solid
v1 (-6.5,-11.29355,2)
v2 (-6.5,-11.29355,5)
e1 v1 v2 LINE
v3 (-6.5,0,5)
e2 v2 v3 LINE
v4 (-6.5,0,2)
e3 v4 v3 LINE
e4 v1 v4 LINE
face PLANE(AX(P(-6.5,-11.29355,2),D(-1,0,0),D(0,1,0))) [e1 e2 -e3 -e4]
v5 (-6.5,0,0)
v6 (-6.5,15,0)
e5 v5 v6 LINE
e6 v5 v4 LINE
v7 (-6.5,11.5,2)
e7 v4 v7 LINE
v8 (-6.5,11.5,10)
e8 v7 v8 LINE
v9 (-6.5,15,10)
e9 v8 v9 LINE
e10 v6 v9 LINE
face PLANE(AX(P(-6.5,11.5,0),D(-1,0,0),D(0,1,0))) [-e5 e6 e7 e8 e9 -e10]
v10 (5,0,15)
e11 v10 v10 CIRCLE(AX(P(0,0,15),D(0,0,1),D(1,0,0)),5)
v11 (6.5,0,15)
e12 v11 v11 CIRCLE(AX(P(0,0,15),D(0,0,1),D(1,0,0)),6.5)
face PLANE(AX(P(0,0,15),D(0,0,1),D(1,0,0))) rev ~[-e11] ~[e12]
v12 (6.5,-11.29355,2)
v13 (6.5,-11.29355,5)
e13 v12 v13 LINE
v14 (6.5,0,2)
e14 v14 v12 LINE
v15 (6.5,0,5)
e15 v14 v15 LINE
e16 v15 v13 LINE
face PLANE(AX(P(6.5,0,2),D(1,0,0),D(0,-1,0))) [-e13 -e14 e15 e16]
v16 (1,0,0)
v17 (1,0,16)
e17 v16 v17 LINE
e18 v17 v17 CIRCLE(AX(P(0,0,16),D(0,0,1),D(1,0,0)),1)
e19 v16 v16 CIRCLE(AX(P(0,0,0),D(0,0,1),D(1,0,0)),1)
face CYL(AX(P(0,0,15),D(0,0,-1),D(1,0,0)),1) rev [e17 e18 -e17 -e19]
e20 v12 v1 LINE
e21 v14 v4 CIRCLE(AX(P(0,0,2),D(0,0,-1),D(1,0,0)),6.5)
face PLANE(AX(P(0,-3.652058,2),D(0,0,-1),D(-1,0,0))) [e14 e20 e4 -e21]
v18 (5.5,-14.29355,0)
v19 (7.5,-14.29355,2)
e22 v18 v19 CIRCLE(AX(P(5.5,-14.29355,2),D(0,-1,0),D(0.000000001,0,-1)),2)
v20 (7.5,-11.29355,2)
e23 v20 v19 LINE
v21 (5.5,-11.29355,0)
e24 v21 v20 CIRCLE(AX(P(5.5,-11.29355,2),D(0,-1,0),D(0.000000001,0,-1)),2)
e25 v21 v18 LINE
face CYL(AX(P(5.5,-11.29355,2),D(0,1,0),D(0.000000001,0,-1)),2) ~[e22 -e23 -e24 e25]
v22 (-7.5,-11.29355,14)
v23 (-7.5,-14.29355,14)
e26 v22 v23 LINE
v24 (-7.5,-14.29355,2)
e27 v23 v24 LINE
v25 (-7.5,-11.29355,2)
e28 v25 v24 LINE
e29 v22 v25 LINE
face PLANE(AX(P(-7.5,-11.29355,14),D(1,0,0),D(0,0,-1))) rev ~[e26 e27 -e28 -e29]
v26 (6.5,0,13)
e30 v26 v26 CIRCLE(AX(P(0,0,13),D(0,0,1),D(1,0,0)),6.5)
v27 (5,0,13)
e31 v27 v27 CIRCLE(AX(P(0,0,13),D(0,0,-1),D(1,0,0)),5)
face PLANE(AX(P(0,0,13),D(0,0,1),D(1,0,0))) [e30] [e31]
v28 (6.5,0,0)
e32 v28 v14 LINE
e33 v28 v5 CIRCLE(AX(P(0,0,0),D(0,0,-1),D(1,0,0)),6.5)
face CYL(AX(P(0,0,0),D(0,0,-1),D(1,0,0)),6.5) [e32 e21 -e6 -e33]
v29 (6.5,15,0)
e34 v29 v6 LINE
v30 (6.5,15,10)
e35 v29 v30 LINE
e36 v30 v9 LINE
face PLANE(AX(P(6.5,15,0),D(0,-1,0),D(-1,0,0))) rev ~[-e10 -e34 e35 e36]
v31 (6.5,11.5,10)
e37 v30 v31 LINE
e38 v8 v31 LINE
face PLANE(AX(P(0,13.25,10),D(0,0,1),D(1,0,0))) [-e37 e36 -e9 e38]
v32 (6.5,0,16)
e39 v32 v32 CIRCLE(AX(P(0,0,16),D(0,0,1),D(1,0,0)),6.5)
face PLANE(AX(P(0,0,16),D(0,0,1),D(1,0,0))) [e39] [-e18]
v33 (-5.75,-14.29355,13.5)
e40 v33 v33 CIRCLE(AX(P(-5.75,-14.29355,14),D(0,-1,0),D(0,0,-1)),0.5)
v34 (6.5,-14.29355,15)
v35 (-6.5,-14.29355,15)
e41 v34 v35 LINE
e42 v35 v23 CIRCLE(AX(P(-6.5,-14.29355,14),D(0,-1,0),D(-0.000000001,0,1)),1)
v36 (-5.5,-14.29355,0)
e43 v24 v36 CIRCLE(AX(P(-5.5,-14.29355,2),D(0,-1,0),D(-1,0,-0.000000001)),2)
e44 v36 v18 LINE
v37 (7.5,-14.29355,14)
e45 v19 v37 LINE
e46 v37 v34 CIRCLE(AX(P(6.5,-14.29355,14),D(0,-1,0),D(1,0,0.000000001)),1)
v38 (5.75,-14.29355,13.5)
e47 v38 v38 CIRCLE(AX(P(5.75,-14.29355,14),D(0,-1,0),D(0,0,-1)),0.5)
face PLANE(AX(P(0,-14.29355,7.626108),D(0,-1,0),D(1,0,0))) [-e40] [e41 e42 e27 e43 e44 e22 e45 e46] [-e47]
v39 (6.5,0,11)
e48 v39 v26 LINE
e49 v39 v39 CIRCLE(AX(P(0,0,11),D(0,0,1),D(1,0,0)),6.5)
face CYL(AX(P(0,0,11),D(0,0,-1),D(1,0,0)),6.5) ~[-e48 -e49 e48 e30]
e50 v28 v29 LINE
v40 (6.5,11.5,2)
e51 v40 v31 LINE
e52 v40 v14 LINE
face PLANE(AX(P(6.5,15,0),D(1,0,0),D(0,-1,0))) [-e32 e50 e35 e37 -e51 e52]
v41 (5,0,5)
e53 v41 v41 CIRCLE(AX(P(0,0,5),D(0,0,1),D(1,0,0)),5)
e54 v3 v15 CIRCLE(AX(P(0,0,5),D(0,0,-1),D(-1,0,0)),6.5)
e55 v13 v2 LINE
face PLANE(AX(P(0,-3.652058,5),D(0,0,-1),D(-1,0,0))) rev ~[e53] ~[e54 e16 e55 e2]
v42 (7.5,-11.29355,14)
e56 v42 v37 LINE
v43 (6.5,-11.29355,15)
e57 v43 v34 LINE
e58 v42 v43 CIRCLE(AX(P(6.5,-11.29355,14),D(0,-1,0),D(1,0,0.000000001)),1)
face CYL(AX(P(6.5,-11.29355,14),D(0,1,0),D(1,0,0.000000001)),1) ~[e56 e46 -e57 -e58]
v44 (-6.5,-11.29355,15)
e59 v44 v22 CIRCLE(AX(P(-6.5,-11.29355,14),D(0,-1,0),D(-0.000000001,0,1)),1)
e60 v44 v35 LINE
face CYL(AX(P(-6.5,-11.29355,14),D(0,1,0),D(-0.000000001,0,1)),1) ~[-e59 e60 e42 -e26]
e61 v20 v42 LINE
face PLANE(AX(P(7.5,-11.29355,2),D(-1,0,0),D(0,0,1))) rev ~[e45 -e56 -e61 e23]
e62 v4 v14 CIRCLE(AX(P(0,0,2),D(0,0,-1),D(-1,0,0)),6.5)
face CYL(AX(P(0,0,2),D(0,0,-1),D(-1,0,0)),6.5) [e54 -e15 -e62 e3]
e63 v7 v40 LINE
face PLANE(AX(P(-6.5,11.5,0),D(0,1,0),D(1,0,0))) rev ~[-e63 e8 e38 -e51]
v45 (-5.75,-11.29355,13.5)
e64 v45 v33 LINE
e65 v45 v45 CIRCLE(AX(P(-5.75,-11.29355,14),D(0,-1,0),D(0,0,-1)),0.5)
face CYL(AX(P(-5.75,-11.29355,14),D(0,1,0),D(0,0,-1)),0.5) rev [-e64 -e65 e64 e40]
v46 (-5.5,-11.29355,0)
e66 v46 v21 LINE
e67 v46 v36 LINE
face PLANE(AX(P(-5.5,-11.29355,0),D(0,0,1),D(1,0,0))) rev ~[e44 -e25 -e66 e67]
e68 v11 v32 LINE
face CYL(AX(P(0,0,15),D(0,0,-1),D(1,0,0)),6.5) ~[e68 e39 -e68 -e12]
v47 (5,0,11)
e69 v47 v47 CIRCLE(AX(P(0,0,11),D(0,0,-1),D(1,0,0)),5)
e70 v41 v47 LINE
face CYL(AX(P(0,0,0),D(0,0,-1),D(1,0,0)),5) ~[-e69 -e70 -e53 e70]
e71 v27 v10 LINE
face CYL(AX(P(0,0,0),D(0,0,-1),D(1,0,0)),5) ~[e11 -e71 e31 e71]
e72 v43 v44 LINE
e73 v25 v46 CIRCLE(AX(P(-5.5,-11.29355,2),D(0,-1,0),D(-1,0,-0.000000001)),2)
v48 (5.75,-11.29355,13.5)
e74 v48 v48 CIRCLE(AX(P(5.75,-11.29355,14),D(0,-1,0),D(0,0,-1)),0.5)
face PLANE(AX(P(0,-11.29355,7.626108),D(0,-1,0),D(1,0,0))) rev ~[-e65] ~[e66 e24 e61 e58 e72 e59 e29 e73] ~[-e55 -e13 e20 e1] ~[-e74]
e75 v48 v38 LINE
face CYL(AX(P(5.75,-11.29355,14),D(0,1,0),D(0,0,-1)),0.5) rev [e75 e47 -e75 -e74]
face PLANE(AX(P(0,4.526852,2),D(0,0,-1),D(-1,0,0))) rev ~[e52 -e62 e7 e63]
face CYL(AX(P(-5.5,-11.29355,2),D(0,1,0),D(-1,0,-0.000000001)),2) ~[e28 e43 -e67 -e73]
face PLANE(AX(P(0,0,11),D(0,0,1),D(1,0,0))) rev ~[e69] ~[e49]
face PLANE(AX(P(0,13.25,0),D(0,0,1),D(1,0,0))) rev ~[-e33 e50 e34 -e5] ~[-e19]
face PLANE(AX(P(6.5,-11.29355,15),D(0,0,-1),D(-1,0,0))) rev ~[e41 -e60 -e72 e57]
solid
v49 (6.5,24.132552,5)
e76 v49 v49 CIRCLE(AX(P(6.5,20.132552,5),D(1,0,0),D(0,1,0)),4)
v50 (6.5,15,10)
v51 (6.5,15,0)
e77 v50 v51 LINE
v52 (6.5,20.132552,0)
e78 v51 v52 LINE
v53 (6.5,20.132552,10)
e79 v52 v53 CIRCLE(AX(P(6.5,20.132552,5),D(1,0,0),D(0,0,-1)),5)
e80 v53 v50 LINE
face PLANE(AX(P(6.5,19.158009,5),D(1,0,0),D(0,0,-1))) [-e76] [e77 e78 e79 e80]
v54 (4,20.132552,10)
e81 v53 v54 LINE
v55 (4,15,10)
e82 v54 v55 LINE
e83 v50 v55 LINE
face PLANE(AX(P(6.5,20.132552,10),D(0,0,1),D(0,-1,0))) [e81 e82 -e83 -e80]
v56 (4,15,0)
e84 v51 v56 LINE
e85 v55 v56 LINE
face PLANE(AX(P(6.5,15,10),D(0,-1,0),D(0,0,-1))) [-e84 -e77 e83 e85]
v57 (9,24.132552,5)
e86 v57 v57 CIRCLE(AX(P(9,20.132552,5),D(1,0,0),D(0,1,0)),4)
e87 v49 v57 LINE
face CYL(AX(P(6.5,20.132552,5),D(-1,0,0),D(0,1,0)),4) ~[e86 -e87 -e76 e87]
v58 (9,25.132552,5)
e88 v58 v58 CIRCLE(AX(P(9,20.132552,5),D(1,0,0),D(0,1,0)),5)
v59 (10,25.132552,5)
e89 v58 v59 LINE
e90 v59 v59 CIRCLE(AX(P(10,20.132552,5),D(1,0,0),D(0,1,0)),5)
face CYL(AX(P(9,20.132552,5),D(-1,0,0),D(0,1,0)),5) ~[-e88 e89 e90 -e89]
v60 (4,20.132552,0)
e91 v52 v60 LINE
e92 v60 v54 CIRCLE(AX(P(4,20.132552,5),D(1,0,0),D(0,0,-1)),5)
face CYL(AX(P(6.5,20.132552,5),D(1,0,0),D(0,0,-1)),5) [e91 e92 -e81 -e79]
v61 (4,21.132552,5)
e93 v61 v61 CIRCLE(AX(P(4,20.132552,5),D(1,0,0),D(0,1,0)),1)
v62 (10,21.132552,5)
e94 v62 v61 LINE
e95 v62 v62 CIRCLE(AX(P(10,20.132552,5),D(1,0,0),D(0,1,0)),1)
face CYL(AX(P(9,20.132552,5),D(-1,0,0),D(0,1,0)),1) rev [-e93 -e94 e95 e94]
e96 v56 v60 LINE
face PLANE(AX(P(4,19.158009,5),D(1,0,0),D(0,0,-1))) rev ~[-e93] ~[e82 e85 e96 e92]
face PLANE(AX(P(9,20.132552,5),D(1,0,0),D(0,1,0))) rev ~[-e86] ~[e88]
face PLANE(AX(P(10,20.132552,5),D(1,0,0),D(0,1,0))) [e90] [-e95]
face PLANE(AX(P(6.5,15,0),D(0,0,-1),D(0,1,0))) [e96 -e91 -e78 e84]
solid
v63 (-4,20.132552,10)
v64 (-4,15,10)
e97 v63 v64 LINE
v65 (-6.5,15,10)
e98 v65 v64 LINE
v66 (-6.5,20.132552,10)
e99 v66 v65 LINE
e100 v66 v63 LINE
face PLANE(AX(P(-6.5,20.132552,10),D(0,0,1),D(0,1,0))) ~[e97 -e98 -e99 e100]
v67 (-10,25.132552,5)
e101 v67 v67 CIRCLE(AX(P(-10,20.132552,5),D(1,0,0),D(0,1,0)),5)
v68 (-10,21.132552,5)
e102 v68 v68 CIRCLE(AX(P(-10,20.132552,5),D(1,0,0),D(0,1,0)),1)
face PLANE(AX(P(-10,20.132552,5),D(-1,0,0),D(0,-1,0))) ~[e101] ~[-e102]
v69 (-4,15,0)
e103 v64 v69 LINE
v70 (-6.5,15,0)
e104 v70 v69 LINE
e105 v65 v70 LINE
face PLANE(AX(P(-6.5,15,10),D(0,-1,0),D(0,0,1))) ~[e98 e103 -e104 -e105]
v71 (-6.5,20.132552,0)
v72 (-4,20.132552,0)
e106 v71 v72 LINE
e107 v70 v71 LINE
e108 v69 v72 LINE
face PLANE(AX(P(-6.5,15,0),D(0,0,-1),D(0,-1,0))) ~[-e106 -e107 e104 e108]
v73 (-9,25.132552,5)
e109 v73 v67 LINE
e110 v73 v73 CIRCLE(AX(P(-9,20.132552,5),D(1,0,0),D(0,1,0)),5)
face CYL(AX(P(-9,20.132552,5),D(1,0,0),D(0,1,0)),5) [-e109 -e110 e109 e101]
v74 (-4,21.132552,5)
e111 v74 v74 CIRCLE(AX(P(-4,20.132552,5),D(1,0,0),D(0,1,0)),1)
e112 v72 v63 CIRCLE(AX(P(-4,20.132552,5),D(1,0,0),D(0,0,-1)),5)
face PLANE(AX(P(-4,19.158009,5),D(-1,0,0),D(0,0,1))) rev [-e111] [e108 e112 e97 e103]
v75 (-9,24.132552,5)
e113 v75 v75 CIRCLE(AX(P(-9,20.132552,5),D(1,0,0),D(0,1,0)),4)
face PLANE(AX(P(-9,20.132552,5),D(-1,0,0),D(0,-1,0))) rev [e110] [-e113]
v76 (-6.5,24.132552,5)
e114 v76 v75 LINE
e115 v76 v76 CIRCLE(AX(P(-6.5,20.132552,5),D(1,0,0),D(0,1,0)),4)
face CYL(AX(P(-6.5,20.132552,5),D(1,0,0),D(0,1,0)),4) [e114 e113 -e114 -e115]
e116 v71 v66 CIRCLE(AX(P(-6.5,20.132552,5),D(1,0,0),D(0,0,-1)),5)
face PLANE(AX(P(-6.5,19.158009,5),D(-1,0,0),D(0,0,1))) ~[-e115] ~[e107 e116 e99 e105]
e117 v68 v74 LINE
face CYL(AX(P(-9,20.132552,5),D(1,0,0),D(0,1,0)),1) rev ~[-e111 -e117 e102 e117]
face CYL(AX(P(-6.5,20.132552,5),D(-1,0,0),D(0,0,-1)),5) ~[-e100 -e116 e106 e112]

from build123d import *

# Parameters (mm, degrees)
SKETCH4_R            = 5
SKETCH4_R_2          = 1
BOSS_EXTRUDE5_DEPTH  = 15
BOSS_EXTRUDE7_START  = -4
SKETCH5_R            = 6.5
SKETCH5_R_2          = 1
BOSS_EXTRUDE7_DEPTH  = 2
SKETCH7_R            = 6.5
SKETCH7_R_2          = 1
BOSS_EXTRUDE8_DEPTH  = 1
SKETCH8_R            = 1
BOSS_EXTRUDE9_DEPTH  = 2
BOSS_EXTRUDE10_DEPTH = 10
SKETCH10_R           = 1
BOSS_EXTRUDE11_DEPTH = 2.5
SKETCH11_R           = 4
SKETCH11_R_2         = 1
BOSS_EXTRUDE12_DEPTH = 2.5
SKETCH12_R           = 5
SKETCH12_R_2         = 1
BOSS_EXTRUDE13_DEPTH = 1
SKETCH13_R           = 5
BOSS_EXTRUDE14_DEPTH = 3
SKETCH14_R           = 0.5
BOSS_EXTRUDE15_DEPTH = 3


with BuildPart() as part:
    # Sketch4 → Boss-Extrude5 (new body)
    with BuildSketch(Plane.XY):
        Circle(SKETCH4_R)
        Circle(SKETCH4_R_2, mode=Mode.SUBTRACT)
    extrude(amount=BOSS_EXTRUDE5_DEPTH)

    # Sketch5 → Boss-Extrude7 (add)
    with BuildSketch(Plane.XY.offset(15).offset(BOSS_EXTRUDE7_START)):
        Circle(SKETCH5_R)
        Circle(SKETCH5_R_2, mode=Mode.SUBTRACT)
    extrude(amount=BOSS_EXTRUDE7_DEPTH)

    # Sketch7 → Boss-Extrude8 (add)
    with BuildSketch(Plane.XY.offset(15)):
        Circle(SKETCH7_R)
        Circle(SKETCH7_R_2, mode=Mode.SUBTRACT)
    extrude(amount=BOSS_EXTRUDE8_DEPTH)

    # Sketch8 → Boss-Extrude9 (add)
    with BuildSketch(Plane(origin=(0, 0, 0), x_dir=(-1, 0, 0), z_dir=(0, 0, -1))):
        with BuildLine():
            Line((6.5, 0), (6.5, 13))
            Line((6.5, 13), (-6.5, 13))
            Line((-6.5, 13), (-6.5, 0))
            ThreePointArc((-6.5, 0), (0, -6.5), (6.5, 0))
        make_face()
        with Locations(Location((0, 0, 0), (0, 0, 180))):
            Circle(SKETCH8_R, mode=Mode.SUBTRACT)
    extrude(amount=-BOSS_EXTRUDE9_DEPTH)

    # Sketch9 → Boss-Extrude10 (add)
    with BuildSketch(Plane(origin=(0, 0, 0), x_dir=(-1, 0, 0), z_dir=(0, 0, -1))):
        Polygon((-6.5, 13), (-6.5, 15), (6.5, 15), (6.5, 13), (6.5, 11.5), (-6.5, 11.5), align=None)
    extrude(amount=-BOSS_EXTRUDE10_DEPTH)

    # Sketch13 → Boss-Extrude14 (add)
    with BuildSketch(Plane.XY.offset(2)):
        with BuildLine():
            Line((6.5, 0), (6.5, -11.293549967))
            Line((6.5, -11.293549967), (-6.5, -11.293549967))
            Line((-6.5, -11.293549967), (-6.5, 0))
            ThreePointArc((-6.5, 0), (0, 6.5), (6.5, 0))
        make_face()
        Circle(SKETCH13_R, mode=Mode.SUBTRACT)
    extrude(amount=BOSS_EXTRUDE14_DEPTH)

    # Sketch14 → Boss-Extrude15 (add)
    with BuildSketch(Plane.XZ.offset(11.293549967)):
        with BuildLine():
            Line((6.5, 15), (-6.5, 15))
            ThreePointArc((-6.5, 15), (-7.207106781, 14.707106781), (-7.5, 14))
            Line((-7.5, 14), (-7.5, 2))
            ThreePointArc((-7.5, 2), (-6.914213562, 0.585786438), (-5.5, 0))
            Line((-5.5, 0), (5.5, 0))
            ThreePointArc((5.5, 0), (6.914213562, 0.585786438), (7.5, 2))
            Line((7.5, 2), (7.5, 14))
            ThreePointArc((7.5, 14), (7.207106781, 14.707106781), (6.5, 15))
        make_face()
        with Locations(Location((5.75, 14, 0), (0, 0, 270))):
            Circle(SKETCH14_R, mode=Mode.SUBTRACT)
        with Locations(Location((-5.75, 14, 0), (0, 0, 270))):
            Circle(SKETCH14_R, mode=Mode.SUBTRACT)
    extrude(amount=BOSS_EXTRUDE15_DEPTH)


with BuildPart() as body_2:
    # Sketch10 → Boss-Extrude11 (new body)
    with BuildSketch(Plane(origin=(6.5, 0, 0), x_dir=(0, 0, -1), z_dir=(1, 0, 0))):
        with BuildLine():
            Line((-10, 20.132551776), (-10, 15))
            Line((-10, 15), (0, 15))
            Line((0, 15), (0, 20.132551776))
            ThreePointArc((0, 20.132551776), (-5, 25.132551776), (-10, 20.132551776))
        make_face()
        with Locations(Location((-5, 20.132551776, 0), (0, 0, 90))):
            Circle(SKETCH10_R, mode=Mode.SUBTRACT)
    extrude(amount=-BOSS_EXTRUDE11_DEPTH)

    # Sketch11 → Boss-Extrude12 (add)
    with BuildSketch(Plane(origin=(6.5, 0, 0), x_dir=(0, 0, -1), z_dir=(1, 0, 0))):
        with Locations(Location((-5, 20.132551776, 0), (0, 0, 90))):
            Circle(SKETCH11_R)
        with Locations(Location((-5, 20.132551776, 0), (0, 0, 90))):
            Circle(SKETCH11_R_2, mode=Mode.SUBTRACT)
    extrude(amount=BOSS_EXTRUDE12_DEPTH)

    # Sketch12 → Boss-Extrude13 (add)
    with BuildSketch(Plane(origin=(9, 0, 0), x_dir=(0, 0, -1), z_dir=(1, 0, 0))):
        with Locations(Location((-5, 20.132551776, 0), (0, 0, 90))):
            Circle(SKETCH12_R)
        with Locations(Location((-5, 20.132551776, 0), (0, 0, 90))):
            Circle(SKETCH12_R_2, mode=Mode.SUBTRACT)
    extrude(amount=BOSS_EXTRUDE13_DEPTH)


with BuildPart() as body_3:
    # Mirror4: mirrored copy
    add(body_2.part.mirror(Plane(origin=(0, 0, 0), x_dir=(0, 0, 1), z_dir=(1, 0, 0))))


solid = Compound([part.part, body_2.part, body_3.part])
